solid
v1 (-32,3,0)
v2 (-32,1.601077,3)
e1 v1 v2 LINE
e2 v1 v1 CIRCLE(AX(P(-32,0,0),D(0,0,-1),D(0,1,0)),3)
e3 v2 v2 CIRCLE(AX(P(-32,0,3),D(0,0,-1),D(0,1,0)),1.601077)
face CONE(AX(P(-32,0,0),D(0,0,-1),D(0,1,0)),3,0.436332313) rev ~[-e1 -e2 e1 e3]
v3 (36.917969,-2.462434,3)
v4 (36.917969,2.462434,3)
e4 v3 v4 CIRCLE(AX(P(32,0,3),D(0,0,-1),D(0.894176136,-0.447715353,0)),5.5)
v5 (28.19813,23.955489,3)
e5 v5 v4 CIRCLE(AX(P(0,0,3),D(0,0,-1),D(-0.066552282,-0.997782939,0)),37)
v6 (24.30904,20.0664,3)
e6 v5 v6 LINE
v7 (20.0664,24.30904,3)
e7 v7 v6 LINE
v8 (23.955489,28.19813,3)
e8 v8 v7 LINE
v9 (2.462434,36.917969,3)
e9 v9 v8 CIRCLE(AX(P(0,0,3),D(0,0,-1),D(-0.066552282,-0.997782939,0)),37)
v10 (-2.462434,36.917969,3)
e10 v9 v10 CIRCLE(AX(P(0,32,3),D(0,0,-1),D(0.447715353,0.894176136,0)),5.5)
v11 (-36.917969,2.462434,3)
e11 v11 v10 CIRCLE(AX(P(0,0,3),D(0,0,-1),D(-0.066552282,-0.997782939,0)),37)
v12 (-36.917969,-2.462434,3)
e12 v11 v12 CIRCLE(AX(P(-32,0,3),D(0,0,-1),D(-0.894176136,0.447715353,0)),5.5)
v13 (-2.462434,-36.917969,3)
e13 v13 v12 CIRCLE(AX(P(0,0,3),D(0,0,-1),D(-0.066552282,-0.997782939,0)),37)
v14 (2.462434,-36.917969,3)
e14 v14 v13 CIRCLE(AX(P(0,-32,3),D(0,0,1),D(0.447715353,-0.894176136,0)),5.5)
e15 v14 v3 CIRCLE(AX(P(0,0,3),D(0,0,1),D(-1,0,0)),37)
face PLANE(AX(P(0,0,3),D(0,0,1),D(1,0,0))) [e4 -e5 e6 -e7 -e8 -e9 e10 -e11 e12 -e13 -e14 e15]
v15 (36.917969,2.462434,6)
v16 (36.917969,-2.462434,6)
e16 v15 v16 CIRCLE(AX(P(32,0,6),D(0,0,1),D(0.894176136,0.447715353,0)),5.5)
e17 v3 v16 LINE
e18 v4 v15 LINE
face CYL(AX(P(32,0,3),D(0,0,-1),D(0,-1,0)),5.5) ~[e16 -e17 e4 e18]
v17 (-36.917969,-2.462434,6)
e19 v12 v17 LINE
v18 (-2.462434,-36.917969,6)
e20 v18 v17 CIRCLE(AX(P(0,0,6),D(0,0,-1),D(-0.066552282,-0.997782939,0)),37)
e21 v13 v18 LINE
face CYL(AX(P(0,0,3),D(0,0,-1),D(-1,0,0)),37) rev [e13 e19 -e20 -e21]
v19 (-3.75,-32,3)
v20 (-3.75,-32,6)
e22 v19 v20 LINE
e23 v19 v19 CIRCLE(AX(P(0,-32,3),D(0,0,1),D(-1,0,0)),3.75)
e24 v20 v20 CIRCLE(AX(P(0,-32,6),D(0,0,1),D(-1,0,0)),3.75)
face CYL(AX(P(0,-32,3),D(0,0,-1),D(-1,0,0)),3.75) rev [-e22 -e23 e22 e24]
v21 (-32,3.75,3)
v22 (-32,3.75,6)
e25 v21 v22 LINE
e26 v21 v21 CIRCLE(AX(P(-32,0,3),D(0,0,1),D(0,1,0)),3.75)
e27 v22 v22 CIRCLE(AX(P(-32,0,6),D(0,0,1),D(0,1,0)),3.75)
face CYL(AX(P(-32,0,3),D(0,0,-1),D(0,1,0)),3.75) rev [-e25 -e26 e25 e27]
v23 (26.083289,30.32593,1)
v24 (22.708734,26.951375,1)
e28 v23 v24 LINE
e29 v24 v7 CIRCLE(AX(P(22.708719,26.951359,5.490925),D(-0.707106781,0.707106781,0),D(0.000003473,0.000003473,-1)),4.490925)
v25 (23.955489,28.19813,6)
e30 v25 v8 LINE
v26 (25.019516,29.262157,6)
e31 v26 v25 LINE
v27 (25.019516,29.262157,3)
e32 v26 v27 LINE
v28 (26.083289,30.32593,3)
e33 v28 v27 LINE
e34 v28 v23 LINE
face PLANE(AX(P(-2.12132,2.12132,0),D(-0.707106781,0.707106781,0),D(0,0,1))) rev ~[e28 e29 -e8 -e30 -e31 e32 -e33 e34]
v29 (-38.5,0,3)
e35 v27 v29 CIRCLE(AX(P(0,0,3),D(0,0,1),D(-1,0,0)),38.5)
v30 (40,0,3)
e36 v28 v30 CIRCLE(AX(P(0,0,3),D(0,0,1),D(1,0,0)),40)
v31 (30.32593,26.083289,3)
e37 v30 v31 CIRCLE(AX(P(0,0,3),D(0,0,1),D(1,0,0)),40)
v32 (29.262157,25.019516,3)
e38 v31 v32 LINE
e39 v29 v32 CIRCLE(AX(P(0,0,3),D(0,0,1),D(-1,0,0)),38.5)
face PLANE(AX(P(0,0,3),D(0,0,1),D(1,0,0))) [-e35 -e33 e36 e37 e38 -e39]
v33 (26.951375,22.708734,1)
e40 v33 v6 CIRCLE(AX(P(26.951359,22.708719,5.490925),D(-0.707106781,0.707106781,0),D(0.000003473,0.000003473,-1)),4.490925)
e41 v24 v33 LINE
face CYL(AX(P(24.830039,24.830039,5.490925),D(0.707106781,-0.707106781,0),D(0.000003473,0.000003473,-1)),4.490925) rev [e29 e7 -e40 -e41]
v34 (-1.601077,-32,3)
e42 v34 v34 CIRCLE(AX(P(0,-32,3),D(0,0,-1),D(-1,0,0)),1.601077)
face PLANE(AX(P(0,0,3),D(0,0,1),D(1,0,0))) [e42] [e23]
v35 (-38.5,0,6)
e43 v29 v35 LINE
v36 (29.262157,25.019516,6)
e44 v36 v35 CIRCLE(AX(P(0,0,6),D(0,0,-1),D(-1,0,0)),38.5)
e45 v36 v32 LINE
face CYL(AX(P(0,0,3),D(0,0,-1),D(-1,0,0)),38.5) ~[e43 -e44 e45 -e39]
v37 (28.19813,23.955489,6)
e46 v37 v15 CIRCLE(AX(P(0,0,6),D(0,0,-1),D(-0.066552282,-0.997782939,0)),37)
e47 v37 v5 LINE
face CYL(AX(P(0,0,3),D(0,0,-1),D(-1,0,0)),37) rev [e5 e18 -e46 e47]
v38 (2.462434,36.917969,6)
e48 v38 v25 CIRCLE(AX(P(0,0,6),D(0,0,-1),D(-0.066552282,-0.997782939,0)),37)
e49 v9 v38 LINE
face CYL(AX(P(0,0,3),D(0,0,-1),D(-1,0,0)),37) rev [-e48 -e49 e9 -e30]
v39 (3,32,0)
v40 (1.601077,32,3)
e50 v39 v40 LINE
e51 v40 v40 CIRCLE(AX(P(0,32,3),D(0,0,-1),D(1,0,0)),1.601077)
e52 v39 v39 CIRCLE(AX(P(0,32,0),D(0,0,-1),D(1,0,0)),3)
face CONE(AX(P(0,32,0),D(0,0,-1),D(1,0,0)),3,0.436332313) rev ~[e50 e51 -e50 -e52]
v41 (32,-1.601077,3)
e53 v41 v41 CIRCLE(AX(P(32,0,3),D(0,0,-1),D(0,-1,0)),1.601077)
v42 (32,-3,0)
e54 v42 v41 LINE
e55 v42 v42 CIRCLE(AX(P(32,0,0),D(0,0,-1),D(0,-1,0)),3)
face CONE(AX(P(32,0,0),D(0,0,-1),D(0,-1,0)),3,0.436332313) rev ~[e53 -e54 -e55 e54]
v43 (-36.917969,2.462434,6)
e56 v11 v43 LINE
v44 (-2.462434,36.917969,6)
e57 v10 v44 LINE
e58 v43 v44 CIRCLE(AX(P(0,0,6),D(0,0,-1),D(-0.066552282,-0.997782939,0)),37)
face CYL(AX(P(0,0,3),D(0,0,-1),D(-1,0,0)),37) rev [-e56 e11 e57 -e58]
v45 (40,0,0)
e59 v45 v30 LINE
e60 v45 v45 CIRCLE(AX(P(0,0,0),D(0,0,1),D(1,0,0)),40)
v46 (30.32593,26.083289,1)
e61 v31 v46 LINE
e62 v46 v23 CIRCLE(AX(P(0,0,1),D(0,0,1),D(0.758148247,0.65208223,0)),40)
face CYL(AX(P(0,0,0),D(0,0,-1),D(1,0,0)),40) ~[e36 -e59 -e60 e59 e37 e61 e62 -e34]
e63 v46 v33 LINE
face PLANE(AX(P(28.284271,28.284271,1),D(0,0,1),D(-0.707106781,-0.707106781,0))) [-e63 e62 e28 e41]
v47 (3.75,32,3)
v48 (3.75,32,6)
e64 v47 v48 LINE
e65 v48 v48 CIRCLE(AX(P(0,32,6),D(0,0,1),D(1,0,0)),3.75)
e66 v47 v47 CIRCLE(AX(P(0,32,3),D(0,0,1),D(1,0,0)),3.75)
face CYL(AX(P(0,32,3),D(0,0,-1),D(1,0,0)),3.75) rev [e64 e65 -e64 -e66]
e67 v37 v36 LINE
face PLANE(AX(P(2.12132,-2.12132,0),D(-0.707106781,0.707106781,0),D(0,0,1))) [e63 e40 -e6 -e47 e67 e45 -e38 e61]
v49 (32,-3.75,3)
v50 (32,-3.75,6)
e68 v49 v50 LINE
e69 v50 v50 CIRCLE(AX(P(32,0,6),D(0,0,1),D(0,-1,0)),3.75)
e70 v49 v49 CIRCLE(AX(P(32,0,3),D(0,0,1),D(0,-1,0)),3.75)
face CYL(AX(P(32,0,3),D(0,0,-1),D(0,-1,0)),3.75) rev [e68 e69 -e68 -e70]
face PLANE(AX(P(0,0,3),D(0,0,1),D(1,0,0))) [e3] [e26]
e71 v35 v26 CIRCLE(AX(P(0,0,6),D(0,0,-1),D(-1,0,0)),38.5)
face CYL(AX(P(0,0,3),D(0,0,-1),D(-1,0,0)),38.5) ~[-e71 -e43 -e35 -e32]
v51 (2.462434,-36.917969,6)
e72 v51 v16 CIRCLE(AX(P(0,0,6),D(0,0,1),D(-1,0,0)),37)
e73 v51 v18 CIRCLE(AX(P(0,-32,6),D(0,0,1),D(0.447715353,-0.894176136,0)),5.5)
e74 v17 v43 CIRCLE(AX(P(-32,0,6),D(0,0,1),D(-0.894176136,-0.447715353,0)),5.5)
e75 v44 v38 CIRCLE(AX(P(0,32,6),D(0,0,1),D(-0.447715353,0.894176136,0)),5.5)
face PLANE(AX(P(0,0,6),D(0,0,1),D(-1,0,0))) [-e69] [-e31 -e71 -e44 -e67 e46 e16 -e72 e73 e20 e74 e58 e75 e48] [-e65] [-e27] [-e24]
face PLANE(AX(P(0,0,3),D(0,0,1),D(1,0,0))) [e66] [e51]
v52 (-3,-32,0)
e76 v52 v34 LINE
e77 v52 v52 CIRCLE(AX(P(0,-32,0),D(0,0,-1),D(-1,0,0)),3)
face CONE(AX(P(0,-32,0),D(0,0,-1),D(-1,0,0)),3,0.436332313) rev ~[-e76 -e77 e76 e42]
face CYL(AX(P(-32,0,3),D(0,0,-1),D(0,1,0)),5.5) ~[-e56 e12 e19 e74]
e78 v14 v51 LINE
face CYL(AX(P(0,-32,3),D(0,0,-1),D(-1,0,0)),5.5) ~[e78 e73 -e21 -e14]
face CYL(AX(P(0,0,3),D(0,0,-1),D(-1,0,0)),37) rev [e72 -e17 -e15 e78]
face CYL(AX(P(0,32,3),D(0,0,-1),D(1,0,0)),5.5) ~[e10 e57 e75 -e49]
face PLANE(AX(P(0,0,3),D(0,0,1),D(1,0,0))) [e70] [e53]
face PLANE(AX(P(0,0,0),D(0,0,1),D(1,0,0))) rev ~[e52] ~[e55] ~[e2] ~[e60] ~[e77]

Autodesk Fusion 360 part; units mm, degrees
sketch "Sketch1" plane through (0, 0, 0) normal (0, 0, 1) x (1, 0, 0)
  circle A0 centre (0, 0) radius 40
  dimension "d1" = 80
extrude "Extrude1" add sketch "Sketch1" along normal blind 3
sketch "Sketch2" plane through (0, 0, 3) normal (0, 0, 1) x (-1, 0, 0)
  circle A0 centre (0, 0) radius 40
  circle A1 centre (0, 0) radius 38.5
  circle A2 centre (0, 32) radius 3.75
  circle A3 centre (0, 32) radius 5.5
  circle A4 centre (0, 0) radius 37
  dimension "d4" = 77
  dimension "d5" = 7.5
  dimension "d6" = 11
  dimension "d7" = 32
  dimension "d8" = 74
extrude "Extrude2" add sketch "Sketch2" along normal blind 3 contours A1 | A3 A4 | A3 A4 picked at (-1.5513, 36.4665) picked at (0.1215, 37.1566)
pattern_circular "C-Pattern1" count 4 over 360 about axis through (0, 0, 1.75) along (0, 0, 1) of "Extrude2"
sketch "Sketch3" plane through (0, 0, 0) normal (0, 0, -1) x (1, 0, 0)
  circle A0 centre (0, 0) radius 40
  circle A1 centre (0, -32) radius 3
  dimension "d13" = 6
  dimension "d14" = 32
extrude "Extrude3" cut sketch "Sketch3" against normal through all draft -25 contours A1
pattern_circular "C-Pattern2" count 4 over 360 about axis through (0, 0, 0) along (0, 0, 1) of "Extrude3"
ref_plane "WorkPlane1" through (0, 0, 0) normal (-0.707107, 0.707107, 0) x (0, 0, 1)
sketch "Sketch4" plane through (0, 0, 0) normal (-0.707107, 0.707107, 0) x (0, 0, 1)
  line L0 (6, -27.2236) -> (6, 38.5)
  line L1 (6, -38.5) -> (6, -27.2236)
  line L2 (3, -40) -> (3, -38.5)
  line L3 (3, 38.5) -> (3, 40)
  line L4 (0, -40) -> (0, 40)
  line L5 (3, -38.5) -> (6, -38.5)
  line L6 (3, 38.5) -> (6, 38.5)
  line L7 (0, -40) -> (3, -40)
  line L8 (0, 40) -> (3, 40)
  line L9 (3, 40) -> (6, 40)
  line L10 (6, 40) -> (6, 30.653)
  line L11 (3, 40) -> (1, 40)
  line L12 (1, 40) -> (1, 35.115)
  arc A0 (1, 35.115) -> (6, 30.653) centre (5.4909, 35.115) ccw
  dimension "d18" = 3
  dimension "d19" = 9.347
  dimension "d20" = 2
  dimension "d21" = 4.885
extrude "Extrude4" cut sketch "Sketch4" along normal mid plane 6 contours L0 L3 L6 L8 L10 L11 L12 A0 | L3 L6 L9 L10
